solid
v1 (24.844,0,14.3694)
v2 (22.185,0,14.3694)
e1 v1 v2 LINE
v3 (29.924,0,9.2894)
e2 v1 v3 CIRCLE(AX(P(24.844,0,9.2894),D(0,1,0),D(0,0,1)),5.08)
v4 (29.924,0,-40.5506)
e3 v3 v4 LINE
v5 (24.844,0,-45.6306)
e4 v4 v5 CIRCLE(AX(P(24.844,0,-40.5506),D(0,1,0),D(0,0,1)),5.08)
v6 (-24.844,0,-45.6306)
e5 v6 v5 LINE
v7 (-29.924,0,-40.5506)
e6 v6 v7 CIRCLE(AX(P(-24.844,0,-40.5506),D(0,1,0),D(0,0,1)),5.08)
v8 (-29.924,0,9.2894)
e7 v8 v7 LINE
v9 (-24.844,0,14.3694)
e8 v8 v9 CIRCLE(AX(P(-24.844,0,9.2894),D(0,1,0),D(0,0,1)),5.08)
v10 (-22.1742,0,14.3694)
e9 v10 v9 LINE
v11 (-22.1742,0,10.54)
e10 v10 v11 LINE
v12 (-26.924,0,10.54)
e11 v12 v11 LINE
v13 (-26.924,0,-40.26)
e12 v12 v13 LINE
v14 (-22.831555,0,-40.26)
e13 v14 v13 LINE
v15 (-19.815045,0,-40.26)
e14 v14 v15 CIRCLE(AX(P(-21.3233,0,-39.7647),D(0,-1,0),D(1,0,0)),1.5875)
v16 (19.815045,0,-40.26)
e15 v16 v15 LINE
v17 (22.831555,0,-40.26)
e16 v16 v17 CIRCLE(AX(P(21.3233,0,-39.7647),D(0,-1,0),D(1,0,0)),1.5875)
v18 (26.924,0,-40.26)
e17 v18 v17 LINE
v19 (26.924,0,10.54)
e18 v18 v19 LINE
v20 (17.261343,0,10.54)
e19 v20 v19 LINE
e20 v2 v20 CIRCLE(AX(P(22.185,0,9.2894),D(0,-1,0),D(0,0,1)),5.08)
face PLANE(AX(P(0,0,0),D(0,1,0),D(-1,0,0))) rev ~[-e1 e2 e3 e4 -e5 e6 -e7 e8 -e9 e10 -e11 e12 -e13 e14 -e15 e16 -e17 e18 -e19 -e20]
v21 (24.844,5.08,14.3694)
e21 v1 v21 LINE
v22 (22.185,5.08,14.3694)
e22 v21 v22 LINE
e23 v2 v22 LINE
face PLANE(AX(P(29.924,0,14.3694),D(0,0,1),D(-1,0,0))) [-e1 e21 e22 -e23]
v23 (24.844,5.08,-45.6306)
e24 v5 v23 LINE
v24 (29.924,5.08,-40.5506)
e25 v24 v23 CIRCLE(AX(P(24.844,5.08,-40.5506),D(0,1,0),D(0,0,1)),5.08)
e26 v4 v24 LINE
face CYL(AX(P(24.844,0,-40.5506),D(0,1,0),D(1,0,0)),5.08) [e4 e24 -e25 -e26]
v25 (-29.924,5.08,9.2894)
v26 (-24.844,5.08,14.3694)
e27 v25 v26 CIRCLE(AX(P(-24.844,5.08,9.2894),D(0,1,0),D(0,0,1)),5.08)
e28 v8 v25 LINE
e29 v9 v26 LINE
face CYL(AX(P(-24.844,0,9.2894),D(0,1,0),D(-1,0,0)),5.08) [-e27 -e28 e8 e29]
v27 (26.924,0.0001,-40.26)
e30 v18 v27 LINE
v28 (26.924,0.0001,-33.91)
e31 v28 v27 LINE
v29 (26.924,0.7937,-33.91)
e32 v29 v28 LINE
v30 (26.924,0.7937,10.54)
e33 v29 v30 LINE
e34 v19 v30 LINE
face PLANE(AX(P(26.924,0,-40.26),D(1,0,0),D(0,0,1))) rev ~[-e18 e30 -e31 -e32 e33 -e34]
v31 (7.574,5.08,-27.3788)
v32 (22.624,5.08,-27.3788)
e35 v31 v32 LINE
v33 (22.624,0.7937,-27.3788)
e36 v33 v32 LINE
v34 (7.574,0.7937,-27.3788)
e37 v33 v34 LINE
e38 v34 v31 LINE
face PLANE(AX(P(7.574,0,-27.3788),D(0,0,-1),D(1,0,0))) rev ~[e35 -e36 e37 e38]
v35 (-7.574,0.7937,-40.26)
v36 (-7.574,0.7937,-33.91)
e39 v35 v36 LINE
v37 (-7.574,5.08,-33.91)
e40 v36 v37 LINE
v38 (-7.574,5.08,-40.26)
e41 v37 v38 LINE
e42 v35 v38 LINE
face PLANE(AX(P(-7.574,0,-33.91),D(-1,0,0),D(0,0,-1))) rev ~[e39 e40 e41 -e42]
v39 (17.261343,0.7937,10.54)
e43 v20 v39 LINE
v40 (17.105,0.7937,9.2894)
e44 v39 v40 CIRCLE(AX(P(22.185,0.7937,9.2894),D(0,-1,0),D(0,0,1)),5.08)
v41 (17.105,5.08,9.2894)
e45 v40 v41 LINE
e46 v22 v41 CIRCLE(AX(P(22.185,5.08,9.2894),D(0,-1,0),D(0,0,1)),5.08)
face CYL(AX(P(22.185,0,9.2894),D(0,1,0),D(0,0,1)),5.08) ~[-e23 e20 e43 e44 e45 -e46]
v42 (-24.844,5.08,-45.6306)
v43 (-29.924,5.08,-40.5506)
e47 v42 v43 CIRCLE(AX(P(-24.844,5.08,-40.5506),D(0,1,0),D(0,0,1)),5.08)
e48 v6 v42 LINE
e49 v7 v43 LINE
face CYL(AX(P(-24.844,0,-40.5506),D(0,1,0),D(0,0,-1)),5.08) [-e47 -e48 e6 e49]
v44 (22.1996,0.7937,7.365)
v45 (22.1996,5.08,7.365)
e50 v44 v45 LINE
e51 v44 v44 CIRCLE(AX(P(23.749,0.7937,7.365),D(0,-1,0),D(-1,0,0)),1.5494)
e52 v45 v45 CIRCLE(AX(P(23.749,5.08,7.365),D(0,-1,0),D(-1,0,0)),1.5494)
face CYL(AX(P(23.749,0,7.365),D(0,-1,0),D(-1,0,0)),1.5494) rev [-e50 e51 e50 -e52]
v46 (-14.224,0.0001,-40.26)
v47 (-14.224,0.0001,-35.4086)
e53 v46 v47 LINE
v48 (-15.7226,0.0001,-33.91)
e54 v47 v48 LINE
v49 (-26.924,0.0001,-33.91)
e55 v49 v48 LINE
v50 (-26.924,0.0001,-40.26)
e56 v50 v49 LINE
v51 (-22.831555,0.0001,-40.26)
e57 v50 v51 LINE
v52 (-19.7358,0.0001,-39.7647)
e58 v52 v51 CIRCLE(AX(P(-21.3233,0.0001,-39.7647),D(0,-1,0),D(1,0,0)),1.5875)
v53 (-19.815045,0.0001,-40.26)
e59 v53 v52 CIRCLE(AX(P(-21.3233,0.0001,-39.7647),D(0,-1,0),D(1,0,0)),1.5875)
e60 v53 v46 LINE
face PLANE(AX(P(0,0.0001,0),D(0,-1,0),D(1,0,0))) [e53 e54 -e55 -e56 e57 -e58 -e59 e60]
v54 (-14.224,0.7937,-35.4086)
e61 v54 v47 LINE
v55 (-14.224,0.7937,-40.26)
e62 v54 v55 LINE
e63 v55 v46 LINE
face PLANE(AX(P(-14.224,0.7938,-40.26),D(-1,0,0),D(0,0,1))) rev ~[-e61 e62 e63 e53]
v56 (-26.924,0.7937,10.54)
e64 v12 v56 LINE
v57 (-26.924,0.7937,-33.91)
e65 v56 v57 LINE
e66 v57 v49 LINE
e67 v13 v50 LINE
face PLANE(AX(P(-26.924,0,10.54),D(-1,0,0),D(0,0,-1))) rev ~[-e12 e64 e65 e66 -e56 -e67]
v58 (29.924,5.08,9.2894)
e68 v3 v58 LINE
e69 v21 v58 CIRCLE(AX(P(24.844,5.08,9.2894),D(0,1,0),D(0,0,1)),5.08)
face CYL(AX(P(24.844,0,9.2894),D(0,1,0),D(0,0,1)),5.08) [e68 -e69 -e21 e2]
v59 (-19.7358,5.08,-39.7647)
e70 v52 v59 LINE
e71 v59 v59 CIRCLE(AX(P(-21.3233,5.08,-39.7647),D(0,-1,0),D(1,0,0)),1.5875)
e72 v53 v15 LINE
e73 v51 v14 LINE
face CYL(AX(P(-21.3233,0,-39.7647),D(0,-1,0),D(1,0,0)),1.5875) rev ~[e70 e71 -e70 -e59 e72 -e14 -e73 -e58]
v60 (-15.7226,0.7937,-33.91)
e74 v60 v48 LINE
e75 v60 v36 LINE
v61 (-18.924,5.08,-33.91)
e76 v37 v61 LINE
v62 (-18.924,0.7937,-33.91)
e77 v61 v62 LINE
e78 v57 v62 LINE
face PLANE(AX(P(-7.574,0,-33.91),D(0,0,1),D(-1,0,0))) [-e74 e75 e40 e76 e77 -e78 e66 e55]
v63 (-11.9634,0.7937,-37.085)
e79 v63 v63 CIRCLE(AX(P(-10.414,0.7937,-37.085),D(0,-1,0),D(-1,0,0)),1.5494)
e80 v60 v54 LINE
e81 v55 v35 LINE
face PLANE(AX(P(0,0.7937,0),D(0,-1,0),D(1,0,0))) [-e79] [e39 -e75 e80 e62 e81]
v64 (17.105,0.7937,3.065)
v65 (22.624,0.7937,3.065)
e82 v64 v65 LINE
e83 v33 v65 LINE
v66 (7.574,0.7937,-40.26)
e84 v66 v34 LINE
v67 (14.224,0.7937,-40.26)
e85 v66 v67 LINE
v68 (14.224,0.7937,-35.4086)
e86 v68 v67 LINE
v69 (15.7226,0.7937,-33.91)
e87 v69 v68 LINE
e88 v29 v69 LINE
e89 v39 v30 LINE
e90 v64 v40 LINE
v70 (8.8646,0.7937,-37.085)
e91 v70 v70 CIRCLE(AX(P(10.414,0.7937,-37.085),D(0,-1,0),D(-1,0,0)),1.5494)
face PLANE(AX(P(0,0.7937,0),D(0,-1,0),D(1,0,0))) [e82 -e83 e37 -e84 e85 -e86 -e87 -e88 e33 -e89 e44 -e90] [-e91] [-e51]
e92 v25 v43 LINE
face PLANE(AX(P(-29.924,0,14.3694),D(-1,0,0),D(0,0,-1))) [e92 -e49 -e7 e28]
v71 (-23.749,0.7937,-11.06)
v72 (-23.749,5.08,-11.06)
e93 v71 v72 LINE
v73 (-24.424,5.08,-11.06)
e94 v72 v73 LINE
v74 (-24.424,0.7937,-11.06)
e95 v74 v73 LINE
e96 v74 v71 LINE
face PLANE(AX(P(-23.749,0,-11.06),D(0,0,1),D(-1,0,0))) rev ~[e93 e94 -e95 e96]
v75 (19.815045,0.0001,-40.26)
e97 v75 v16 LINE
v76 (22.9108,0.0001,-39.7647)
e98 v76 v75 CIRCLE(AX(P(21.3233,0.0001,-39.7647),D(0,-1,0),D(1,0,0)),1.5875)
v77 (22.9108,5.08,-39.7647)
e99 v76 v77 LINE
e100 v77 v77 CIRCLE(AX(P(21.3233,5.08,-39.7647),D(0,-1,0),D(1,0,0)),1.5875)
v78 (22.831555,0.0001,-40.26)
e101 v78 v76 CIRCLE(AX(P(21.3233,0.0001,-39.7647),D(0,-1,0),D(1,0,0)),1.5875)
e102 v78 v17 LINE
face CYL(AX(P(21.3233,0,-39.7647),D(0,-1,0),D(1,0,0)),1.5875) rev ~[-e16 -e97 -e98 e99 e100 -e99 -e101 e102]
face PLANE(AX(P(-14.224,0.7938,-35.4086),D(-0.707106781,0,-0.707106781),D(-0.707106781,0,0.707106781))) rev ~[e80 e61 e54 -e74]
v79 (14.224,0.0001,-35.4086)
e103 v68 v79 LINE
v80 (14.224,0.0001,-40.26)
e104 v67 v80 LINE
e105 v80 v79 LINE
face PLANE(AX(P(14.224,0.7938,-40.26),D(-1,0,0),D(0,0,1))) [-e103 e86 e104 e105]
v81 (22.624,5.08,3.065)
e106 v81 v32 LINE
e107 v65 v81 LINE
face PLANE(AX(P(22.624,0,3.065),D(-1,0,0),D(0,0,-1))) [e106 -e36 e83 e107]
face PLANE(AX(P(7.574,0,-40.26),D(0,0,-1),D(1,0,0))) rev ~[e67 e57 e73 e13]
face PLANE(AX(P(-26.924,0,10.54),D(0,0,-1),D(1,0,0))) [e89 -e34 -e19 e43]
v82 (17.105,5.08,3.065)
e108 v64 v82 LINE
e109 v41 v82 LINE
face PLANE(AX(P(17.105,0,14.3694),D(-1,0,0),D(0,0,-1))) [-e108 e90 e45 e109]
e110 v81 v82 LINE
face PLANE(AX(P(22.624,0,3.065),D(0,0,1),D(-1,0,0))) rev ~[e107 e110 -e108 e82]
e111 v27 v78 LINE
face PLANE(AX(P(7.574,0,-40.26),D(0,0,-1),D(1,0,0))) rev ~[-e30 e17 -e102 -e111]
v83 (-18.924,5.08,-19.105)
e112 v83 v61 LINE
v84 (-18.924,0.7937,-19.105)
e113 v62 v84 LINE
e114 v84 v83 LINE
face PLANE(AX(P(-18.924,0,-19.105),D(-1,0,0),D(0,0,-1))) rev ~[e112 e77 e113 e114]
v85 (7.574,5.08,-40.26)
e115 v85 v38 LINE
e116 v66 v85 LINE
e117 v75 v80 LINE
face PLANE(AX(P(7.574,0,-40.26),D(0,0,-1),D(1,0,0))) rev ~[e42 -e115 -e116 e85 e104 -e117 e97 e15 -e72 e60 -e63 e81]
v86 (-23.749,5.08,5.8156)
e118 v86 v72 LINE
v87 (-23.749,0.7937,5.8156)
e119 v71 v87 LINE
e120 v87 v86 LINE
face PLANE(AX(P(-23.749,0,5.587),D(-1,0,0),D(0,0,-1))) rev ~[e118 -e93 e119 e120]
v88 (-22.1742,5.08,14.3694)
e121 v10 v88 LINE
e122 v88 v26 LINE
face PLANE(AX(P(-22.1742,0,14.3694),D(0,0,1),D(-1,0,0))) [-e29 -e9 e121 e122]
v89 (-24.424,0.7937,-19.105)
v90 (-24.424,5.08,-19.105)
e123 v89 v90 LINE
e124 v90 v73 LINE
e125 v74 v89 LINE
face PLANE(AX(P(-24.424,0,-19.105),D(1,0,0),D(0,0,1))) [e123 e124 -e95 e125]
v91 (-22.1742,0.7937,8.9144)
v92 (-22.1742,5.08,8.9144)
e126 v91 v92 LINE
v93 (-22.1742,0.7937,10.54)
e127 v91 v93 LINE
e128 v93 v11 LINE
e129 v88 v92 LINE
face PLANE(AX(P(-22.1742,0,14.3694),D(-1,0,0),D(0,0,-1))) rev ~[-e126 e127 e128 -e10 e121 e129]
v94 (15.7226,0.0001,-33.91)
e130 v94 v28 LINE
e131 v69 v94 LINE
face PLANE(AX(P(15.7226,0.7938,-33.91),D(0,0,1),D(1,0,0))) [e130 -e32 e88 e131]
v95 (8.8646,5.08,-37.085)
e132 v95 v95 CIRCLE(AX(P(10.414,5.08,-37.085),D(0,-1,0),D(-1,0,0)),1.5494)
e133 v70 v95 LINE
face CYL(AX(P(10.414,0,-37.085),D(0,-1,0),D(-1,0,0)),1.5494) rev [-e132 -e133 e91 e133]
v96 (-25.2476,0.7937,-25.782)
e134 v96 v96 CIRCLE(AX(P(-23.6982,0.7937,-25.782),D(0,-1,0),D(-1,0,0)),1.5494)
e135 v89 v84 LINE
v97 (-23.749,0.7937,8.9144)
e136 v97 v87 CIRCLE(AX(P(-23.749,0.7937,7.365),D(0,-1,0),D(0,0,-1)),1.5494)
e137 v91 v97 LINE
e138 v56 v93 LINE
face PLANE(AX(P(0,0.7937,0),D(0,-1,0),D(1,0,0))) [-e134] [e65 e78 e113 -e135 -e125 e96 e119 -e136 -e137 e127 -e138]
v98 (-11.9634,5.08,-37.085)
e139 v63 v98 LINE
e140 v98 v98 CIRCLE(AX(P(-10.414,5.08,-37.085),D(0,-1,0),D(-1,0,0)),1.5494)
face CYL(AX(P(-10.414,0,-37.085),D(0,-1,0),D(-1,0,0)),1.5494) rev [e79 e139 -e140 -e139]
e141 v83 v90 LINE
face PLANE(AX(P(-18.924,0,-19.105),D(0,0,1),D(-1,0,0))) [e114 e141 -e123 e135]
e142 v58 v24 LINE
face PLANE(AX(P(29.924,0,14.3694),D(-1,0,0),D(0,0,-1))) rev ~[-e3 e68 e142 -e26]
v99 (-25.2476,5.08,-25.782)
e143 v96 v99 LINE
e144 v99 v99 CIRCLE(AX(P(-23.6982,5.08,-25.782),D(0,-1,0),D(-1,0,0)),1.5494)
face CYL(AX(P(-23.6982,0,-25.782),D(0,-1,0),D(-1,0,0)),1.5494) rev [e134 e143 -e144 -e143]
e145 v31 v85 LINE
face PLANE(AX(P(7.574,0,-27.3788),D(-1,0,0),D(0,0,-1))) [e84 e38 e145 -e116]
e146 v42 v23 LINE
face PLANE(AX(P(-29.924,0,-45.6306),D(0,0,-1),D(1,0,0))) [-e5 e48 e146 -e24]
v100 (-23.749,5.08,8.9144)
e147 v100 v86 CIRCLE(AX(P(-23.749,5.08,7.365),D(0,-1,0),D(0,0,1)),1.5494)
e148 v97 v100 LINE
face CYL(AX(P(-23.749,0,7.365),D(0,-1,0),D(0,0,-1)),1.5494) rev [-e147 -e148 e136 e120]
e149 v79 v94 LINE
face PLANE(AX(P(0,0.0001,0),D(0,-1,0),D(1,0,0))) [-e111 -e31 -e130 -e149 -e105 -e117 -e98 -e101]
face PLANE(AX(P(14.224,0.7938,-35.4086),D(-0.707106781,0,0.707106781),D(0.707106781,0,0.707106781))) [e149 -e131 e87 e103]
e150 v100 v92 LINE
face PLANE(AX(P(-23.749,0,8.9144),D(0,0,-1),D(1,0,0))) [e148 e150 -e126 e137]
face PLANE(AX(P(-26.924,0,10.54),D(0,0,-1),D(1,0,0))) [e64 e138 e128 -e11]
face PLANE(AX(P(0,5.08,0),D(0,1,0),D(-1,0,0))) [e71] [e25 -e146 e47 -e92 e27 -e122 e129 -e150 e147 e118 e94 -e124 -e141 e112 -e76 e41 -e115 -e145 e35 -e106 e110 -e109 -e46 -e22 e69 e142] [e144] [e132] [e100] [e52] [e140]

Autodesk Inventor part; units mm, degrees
ref_plane "YZ Plane" through (0, 0, 0) normal (1, 0, 0) x (0, 1, 0)
ref_plane "XZ Plane" through (0, 0, 0) normal (0, 1, 0) x (-1, 0, 0)
ref_plane "XY Plane" through (0, 0, 0) normal (0, 0, 1) x (1, 0, 0)
sketch "Sketch1" plane through (0, 0, 0) normal (0, 1, 0) x (-1, 0, 0)
  line L0 (-29.924, 14.3694) -> (-29.924, -45.6306)
  line L1 (29.924, 14.3694) -> (29.924, -45.6306)
  line L2 (-7.574, -27.3788) -> (-7.574, -40.26)
  line L3 (-7.574, -40.26) -> (7.574, -40.26)
  line L4 (29.924, -45.6306) -> (-29.924, -45.6306)
  circle A0 centre (-23.749, 7.365) radius 1.5494
  arc A1 (23.749, 5.8156) -> (23.749, 8.9144) centre (23.749, 7.365) ccw
  circle A2 centre (10.414, -37.085) radius 1.5494
  line L5 (7.574, -33.91) -> (7.574, -40.26)
  circle A3 centre (23.6982, -25.782) radius 1.5494
  line L6 (7.574, -33.91) -> (18.924, -33.91)
  line L7 (-17.105, 14.3694) -> (-17.105, 3.065)
  line L8 (-22.624, 3.065) -> (-17.105, 3.065)
  line L9 (-22.624, 3.065) -> (-22.624, -27.3788)
  line L10 (-7.574, -27.3788) -> (-22.624, -27.3788)
  line L11 (18.924, -19.105) -> (18.924, -33.91)
  line L12 (18.924, -19.105) -> (24.424, -19.105)
  line L13 (23.749, -11.06) -> (24.424, -11.06)
  line L14 (24.424, -19.105) -> (24.424, -11.06)
  line L15 (-29.924, 14.3694) -> (-17.105, 14.3694)
  line L16 (22.1742, 14.3694) -> (29.924, 14.3694)
  line L17 (23.749, 5.8156) -> (23.7568, 5.8156)
  line L18 (23.749, 5.587) -> (23.749, -11.06)
  line L19 (22.1742, 14.3694) -> (22.1742, 8.9144)
  circle A4 centre (-10.414, -37.085) radius 1.5494
  line L20 (23.749, 5.587) -> (23.749, 5.8156)
  line L21 (23.749, 8.9144) -> (22.1742, 8.9144)
  point P0 (0, 0)
  point P1 (0, 0)
  dimension "d0" = 60
  dimension "d7" = 6.2258
  dimension "d8" = 19.8486
  dimension "d9" = 3.0988
  dimension "d12" = 12.8811
  dimension "d14" = 6.175
  dimension "d16" = 12.819
  dimension "d19" = 11
  dimension "d21" = 26.5256
  dimension "d22" = 34.5706
  dimension "d25" = 48.6956
  dimension "d27" = 5.5
  dimension "d28" = 6.175
  dimension "d30" = 7.3
  dimension "d31" = 11.7206
  dimension "d34" = 3.0988
  dimension "d35" = 3.0988
  dimension "d36" = 3.0988
  dimension "d38" = 8.5456
  dimension "d39" = 19.51
  dimension "d40" = 3.0988
  dimension "d41" = 8.5456
  dimension "d42" = 19.51
  dimension "d43" = 52.9956
  dimension "d44" = 6.175
  dimension "d176" = 5.455
  dimension "d177" = 7.7498
extrude "Extrusion1" add sketch "Sketch1" along normal blind 5.08 contours L15 L7 L8 L9 L10 L2 L3 L5 L6 L11 L12 L14 L13 L18 L20 A1 L21 L19 L16 L1 L4 L0 | A0 | A2 | A3 | A4
sketch "Sketch2" plane through (0, 0, 0) normal (0, -1, 0) x (1, 0, 0)
  line L0 (7.574, -40.26) -> (-7.574, -40.26) projected
  line L1 (-29.924, 14.3694) -> (-29.924, -45.6306) projected
  line L2 (-22.1742, 14.3694) -> (-29.924, 14.3694) projected
  line L3 (29.924, 14.3694) -> (17.105, 14.3694) projected
  line L4 (29.924, -45.6306) -> (29.924, 14.3694) projected
  line L5 (-26.924, 10.54) -> (26.924, 10.54)
  line L6 (-26.924, 10.54) -> (-26.924, -40.26)
  line L7 (-26.924, -40.26) -> (26.924, -40.26)
  line L8 (26.924, -40.26) -> (26.924, 10.54)
  point P0 (0, 0)
  dimension "d52" = 53.848
  dimension "d53" = 50.8
extrude "Extrusion3" cut sketch "Sketch2" against normal blind 0.7937
extrude "Extrusion2" cut sketch "Sketch1" along normal up to next contours A0 | A2 | A3 | A4
fillet "Fillet1" radius 5.08 4 edges at (29.924, 2.54, 14.3694) (29.924, 2.54, -45.6306) (-29.924, 2.54, -45.6306) (-29.924, 2.54, 14.3694)
fillet "Fillet2" radius 5.08 1 edges at (17.105, 2.54, 14.3694)
sketch "Sketch3" plane through (0, 0.7938, 0) normal (0, -1, 0) x (1, 0, 0)
  line L0 (-26.924, -40.26) -> (-26.924, 10.54) projected
  line L1 (-18.924, -33.91) -> (-7.574, -33.91) projected
  line L2 (-26.924, -40.26) -> (-14.224, -40.26)
  line L3 (-15.7226, -33.91) -> (-26.924, -33.91)
  line L4 (-26.924, -33.91) -> (-26.924, -40.26)
  line L5 (26.924, -40.26) -> (7.574, -40.26) projected
  line L6 (26.924, -40.26) -> (14.224, -40.26)
  line L7 (15.7226, -33.91) -> (26.924, -33.91)
  line L8 (26.924, -33.91) -> (26.924, -40.26)
  line L9 (-14.224, -40.26) -> (-14.224, -35.4086)
  line L10 (14.224, -40.26) -> (14.224, -35.4086)
  line L11 (14.224, -35.4086) -> (15.7226, -33.91)
  line L12 (-14.224, -35.4086) -> (-15.7226, -33.91)
  circle A0 centre (10.414, -37.085) radius 1.5494 projected
  circle A1 centre (-10.414, -37.085) radius 1.5494 projected
  point P0 (0, 0)
  dimension "d58" = 11.2014
  dimension "d59" = 11.2014
  dimension "d60" = 4.8514
  dimension "d61" = 4.8514
  dimension "d64" = 6.35
  dimension "d170" = 3.81
  dimension "d171" = 3.81
extrude "Extrusion4" add sketch "Sketch3" along normal blind 0.7937 contours L0 L3 L1 L12 L9 L2 | L5 L10 L11 L7 L8
sketch "Sketch4" plane through (0, 0, 0) normal (0, -1, 0) x (1, 0, 0)
  line L0 (0, -57.6306) -> (0, 26.3694) projected
  circle A0 centre (-21.3233, -39.7647) radius 1.5875
  line L1 (-15.7226, -33.91) -> (-26.924, -33.91) projected
  line L2 (-14.224, -40.26) -> (-14.224, -35.4086) projected
  circle A1 centre (21.3233, -39.7647) radius 1.5875
  dimension "d172" = 3.175
  dimension "d173" = 5.8547
  dimension "d174" = 7.0993
extrude "Extrusion5" cut sketch "Sketch4" against normal up to next
equation "\"d42\" = d39"
properties part number "back-cam"
